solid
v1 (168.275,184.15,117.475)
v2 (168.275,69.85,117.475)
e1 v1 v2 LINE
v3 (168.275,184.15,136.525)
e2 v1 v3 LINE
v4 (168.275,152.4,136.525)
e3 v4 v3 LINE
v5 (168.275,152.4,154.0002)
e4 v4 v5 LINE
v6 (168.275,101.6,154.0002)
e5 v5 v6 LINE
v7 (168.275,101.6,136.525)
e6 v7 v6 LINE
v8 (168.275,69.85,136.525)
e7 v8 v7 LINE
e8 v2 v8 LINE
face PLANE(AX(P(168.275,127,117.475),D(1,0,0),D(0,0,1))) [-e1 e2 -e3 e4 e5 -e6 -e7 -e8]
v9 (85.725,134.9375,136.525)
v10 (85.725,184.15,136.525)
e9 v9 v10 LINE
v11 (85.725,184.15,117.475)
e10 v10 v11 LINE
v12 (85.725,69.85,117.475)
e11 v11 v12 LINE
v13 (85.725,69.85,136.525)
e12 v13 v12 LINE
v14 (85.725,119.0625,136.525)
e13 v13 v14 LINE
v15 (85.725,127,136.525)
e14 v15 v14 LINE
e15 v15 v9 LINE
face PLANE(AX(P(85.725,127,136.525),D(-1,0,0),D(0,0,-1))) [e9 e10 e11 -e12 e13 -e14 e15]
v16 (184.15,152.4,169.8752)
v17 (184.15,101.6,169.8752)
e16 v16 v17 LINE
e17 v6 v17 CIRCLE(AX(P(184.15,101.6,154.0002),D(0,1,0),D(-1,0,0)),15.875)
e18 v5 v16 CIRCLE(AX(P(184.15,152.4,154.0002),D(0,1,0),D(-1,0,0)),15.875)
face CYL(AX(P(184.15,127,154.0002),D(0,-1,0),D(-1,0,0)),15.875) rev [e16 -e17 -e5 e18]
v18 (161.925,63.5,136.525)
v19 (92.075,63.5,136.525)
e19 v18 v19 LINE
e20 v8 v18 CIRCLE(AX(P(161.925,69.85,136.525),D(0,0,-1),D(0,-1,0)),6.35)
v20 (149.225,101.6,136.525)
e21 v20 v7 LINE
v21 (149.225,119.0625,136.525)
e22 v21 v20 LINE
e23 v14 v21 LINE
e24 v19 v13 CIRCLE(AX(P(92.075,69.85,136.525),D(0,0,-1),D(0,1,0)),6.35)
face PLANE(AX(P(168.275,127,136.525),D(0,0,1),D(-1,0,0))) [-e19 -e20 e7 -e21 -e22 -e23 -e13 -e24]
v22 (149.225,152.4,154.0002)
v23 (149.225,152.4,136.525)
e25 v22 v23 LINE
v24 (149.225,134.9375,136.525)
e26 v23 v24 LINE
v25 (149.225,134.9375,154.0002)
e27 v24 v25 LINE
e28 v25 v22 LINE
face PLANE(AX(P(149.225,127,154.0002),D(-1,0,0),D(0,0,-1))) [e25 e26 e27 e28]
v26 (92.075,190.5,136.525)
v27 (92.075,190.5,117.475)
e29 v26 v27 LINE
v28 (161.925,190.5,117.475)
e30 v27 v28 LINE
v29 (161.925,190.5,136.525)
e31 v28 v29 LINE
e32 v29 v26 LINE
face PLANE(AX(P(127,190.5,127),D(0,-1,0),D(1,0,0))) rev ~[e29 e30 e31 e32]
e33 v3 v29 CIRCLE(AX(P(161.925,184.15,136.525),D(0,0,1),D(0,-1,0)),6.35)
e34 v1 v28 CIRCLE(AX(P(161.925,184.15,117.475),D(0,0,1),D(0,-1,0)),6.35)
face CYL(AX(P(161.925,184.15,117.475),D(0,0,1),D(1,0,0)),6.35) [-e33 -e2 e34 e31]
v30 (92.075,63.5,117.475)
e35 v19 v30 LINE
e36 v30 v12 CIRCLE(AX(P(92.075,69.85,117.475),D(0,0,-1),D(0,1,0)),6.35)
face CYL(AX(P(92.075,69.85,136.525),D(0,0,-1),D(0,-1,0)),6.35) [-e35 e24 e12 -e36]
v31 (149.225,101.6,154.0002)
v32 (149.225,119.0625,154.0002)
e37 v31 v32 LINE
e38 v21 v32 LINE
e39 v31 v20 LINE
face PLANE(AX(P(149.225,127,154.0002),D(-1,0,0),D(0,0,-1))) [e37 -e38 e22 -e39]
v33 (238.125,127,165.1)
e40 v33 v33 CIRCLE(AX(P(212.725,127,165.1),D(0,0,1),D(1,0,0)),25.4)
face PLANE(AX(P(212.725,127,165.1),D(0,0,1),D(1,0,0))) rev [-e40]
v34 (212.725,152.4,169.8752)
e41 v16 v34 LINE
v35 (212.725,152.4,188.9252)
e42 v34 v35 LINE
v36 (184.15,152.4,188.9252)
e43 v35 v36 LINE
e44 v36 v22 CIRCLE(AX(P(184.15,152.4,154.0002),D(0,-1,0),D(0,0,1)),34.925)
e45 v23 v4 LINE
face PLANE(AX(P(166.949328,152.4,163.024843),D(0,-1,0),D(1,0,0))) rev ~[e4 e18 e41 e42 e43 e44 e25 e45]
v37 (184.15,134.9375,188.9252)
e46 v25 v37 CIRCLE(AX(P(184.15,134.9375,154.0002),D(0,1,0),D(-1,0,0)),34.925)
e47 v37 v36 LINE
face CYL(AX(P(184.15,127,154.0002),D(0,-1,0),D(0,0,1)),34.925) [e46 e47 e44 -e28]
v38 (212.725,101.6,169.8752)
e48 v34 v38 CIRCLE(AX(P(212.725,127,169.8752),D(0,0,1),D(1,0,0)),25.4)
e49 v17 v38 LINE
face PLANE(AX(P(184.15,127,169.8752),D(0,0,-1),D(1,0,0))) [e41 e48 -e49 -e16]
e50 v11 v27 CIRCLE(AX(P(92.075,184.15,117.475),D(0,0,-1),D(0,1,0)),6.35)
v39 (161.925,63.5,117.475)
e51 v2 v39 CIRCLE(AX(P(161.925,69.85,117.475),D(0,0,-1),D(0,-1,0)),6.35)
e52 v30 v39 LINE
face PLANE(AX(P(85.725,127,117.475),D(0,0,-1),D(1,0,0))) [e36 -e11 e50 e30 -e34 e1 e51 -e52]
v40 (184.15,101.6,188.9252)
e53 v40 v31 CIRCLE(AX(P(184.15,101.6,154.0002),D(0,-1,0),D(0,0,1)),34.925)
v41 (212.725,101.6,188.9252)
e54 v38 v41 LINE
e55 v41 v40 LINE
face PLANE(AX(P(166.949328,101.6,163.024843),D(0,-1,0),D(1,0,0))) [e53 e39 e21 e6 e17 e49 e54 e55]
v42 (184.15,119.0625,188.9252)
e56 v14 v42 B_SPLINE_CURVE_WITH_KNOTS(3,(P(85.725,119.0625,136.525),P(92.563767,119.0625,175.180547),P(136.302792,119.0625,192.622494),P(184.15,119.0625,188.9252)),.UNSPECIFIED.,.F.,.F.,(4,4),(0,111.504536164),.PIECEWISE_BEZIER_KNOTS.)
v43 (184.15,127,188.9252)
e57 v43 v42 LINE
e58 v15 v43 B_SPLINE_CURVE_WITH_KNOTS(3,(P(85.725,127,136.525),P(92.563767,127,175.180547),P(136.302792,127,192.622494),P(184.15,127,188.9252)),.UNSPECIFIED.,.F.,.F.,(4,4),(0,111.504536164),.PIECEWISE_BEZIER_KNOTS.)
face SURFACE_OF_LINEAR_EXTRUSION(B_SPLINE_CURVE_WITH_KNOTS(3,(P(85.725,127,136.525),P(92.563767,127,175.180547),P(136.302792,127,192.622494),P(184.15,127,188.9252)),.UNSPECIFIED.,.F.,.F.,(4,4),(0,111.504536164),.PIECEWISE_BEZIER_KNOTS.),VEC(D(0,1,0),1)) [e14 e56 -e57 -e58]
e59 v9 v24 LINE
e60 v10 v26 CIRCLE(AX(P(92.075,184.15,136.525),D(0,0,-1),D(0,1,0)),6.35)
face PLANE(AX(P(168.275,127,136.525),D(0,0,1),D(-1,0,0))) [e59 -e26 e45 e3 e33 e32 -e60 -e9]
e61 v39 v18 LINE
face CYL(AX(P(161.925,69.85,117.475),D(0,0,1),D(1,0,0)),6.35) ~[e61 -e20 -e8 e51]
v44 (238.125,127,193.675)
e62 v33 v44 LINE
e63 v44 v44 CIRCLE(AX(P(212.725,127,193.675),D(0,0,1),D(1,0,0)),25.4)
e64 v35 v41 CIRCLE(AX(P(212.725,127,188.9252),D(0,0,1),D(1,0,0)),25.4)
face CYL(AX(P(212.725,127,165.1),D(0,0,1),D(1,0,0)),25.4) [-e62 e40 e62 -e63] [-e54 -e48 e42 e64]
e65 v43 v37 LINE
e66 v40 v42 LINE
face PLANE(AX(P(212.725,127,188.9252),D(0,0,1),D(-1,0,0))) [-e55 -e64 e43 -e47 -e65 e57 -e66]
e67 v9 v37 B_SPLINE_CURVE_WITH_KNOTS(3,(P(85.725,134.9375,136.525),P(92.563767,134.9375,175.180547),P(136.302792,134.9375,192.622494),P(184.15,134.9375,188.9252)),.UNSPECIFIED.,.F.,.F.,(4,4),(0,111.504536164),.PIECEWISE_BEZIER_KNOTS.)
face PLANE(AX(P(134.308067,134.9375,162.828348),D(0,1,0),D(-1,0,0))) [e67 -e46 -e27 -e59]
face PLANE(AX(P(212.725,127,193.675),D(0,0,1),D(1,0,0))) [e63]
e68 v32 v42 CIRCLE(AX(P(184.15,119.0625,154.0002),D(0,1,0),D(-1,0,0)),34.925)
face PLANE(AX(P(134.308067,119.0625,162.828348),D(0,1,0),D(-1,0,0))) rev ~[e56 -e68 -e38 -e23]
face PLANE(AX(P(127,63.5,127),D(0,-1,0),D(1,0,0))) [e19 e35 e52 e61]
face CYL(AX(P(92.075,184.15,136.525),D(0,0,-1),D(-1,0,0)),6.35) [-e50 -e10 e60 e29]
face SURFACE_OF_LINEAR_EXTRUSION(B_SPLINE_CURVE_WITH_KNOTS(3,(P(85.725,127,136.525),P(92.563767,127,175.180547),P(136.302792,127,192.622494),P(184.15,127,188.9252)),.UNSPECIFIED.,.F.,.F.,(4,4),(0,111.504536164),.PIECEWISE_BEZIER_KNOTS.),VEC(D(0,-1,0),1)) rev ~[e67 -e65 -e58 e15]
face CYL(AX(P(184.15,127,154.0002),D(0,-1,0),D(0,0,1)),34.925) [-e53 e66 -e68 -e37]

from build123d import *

# Parameters (mm, degrees)
F1_DEPTH = 63.5
F0_W     = 25.4
F0_H     = 19.05
F2_DEPTH = 25.4
F3_DEPTH = 7.9375
F5_R     = 6.35


with BuildPart() as f1:
    # F0 (on Front) → F1 (new body, symmetric)
    with BuildSketch(Plane.XZ):
        Polygon((22.225, 9.525), (-41.275, 9.525), (-41.275, -9.525), (41.275, -9.525), (41.275, 9.525), align=None)
    extrude(amount=F1_DEPTH, both=True)

    # F0 (on Front) → F2 (join, symmetric)
    with BuildSketch(Plane.XZ):
        with BuildLine():
            Line((22.225, 27.0002), (22.225, 9.525))
            Line((22.225, 9.525), (41.275, 9.525))
            Line((41.275, 9.525), (41.275, 27.0002))
            ThreePointArc((41.275, 27.0002), (45.9246798487, 38.2255201513), (57.15, 42.8752))
            Line((57.15, 42.8752), (60.325, 42.8752))
            Line((60.325, 42.8752), (60.325, 61.9252))
            Line((60.325, 61.9252), (57.15, 61.9252))
            ThreePointArc((57.15, 61.9252), (32.4542956671, 51.6959043329), (22.225, 27.0002))
        make_face()
        with Locations((73.025, 52.4002)):
            Rectangle(F0_W, F0_H)
    extrude(amount=F2_DEPTH, both=True)

    # F0 (on Front) → F3 (join, symmetric)
    with BuildSketch(Plane.XZ):
        with BuildLine():
            add(Edge.make_bspline(
                [(-41.275, 9.525), (-34.4362333417, 48.1805466115), (9.3027921394, 65.6224936247), (57.15, 61.9252)],
                knots=[0, 0, 0, 0, 111.5045361635, 111.5045361635, 111.5045361635, 111.5045361635], degree=3))
            Line((-41.275, 9.525), (22.225, 9.525))
            Line((22.225, 9.525), (22.225, 27.0002))
            ThreePointArc((22.225, 27.0002), (32.4542956671, 51.6959043329), (57.15, 61.9252))
        make_face()
    extrude(amount=F3_DEPTH, both=True)

    # F0 (on Front) → F4 (revolve)
    with BuildSketch(Plane.XZ):
        Polygon((85.725, 66.675), (85.725, 61.9252), (85.725, 42.8752), (85.725, 38.1), (111.125, 38.1), (111.125, 66.675), align=None)
    revolve(axis=Axis((85.725, 0, 52.3875), (0, 0, 1)))

    # F5
    f5_edges = [f1.edges().sort_by_distance(p)[0] for p in [
        (-41.275, -63.5, 0),
        (41.275, -63.5, 0),
        (41.275, 63.5, 0),
        (-41.275, 63.5, 0),
    ]]
    fillet(f5_edges, radius=F5_R)


with BuildPart() as f6_1:
    # F6: copy of F1
    add(f1.part.moved(Location((127, 127, 127))))


solid = f6_1.part
